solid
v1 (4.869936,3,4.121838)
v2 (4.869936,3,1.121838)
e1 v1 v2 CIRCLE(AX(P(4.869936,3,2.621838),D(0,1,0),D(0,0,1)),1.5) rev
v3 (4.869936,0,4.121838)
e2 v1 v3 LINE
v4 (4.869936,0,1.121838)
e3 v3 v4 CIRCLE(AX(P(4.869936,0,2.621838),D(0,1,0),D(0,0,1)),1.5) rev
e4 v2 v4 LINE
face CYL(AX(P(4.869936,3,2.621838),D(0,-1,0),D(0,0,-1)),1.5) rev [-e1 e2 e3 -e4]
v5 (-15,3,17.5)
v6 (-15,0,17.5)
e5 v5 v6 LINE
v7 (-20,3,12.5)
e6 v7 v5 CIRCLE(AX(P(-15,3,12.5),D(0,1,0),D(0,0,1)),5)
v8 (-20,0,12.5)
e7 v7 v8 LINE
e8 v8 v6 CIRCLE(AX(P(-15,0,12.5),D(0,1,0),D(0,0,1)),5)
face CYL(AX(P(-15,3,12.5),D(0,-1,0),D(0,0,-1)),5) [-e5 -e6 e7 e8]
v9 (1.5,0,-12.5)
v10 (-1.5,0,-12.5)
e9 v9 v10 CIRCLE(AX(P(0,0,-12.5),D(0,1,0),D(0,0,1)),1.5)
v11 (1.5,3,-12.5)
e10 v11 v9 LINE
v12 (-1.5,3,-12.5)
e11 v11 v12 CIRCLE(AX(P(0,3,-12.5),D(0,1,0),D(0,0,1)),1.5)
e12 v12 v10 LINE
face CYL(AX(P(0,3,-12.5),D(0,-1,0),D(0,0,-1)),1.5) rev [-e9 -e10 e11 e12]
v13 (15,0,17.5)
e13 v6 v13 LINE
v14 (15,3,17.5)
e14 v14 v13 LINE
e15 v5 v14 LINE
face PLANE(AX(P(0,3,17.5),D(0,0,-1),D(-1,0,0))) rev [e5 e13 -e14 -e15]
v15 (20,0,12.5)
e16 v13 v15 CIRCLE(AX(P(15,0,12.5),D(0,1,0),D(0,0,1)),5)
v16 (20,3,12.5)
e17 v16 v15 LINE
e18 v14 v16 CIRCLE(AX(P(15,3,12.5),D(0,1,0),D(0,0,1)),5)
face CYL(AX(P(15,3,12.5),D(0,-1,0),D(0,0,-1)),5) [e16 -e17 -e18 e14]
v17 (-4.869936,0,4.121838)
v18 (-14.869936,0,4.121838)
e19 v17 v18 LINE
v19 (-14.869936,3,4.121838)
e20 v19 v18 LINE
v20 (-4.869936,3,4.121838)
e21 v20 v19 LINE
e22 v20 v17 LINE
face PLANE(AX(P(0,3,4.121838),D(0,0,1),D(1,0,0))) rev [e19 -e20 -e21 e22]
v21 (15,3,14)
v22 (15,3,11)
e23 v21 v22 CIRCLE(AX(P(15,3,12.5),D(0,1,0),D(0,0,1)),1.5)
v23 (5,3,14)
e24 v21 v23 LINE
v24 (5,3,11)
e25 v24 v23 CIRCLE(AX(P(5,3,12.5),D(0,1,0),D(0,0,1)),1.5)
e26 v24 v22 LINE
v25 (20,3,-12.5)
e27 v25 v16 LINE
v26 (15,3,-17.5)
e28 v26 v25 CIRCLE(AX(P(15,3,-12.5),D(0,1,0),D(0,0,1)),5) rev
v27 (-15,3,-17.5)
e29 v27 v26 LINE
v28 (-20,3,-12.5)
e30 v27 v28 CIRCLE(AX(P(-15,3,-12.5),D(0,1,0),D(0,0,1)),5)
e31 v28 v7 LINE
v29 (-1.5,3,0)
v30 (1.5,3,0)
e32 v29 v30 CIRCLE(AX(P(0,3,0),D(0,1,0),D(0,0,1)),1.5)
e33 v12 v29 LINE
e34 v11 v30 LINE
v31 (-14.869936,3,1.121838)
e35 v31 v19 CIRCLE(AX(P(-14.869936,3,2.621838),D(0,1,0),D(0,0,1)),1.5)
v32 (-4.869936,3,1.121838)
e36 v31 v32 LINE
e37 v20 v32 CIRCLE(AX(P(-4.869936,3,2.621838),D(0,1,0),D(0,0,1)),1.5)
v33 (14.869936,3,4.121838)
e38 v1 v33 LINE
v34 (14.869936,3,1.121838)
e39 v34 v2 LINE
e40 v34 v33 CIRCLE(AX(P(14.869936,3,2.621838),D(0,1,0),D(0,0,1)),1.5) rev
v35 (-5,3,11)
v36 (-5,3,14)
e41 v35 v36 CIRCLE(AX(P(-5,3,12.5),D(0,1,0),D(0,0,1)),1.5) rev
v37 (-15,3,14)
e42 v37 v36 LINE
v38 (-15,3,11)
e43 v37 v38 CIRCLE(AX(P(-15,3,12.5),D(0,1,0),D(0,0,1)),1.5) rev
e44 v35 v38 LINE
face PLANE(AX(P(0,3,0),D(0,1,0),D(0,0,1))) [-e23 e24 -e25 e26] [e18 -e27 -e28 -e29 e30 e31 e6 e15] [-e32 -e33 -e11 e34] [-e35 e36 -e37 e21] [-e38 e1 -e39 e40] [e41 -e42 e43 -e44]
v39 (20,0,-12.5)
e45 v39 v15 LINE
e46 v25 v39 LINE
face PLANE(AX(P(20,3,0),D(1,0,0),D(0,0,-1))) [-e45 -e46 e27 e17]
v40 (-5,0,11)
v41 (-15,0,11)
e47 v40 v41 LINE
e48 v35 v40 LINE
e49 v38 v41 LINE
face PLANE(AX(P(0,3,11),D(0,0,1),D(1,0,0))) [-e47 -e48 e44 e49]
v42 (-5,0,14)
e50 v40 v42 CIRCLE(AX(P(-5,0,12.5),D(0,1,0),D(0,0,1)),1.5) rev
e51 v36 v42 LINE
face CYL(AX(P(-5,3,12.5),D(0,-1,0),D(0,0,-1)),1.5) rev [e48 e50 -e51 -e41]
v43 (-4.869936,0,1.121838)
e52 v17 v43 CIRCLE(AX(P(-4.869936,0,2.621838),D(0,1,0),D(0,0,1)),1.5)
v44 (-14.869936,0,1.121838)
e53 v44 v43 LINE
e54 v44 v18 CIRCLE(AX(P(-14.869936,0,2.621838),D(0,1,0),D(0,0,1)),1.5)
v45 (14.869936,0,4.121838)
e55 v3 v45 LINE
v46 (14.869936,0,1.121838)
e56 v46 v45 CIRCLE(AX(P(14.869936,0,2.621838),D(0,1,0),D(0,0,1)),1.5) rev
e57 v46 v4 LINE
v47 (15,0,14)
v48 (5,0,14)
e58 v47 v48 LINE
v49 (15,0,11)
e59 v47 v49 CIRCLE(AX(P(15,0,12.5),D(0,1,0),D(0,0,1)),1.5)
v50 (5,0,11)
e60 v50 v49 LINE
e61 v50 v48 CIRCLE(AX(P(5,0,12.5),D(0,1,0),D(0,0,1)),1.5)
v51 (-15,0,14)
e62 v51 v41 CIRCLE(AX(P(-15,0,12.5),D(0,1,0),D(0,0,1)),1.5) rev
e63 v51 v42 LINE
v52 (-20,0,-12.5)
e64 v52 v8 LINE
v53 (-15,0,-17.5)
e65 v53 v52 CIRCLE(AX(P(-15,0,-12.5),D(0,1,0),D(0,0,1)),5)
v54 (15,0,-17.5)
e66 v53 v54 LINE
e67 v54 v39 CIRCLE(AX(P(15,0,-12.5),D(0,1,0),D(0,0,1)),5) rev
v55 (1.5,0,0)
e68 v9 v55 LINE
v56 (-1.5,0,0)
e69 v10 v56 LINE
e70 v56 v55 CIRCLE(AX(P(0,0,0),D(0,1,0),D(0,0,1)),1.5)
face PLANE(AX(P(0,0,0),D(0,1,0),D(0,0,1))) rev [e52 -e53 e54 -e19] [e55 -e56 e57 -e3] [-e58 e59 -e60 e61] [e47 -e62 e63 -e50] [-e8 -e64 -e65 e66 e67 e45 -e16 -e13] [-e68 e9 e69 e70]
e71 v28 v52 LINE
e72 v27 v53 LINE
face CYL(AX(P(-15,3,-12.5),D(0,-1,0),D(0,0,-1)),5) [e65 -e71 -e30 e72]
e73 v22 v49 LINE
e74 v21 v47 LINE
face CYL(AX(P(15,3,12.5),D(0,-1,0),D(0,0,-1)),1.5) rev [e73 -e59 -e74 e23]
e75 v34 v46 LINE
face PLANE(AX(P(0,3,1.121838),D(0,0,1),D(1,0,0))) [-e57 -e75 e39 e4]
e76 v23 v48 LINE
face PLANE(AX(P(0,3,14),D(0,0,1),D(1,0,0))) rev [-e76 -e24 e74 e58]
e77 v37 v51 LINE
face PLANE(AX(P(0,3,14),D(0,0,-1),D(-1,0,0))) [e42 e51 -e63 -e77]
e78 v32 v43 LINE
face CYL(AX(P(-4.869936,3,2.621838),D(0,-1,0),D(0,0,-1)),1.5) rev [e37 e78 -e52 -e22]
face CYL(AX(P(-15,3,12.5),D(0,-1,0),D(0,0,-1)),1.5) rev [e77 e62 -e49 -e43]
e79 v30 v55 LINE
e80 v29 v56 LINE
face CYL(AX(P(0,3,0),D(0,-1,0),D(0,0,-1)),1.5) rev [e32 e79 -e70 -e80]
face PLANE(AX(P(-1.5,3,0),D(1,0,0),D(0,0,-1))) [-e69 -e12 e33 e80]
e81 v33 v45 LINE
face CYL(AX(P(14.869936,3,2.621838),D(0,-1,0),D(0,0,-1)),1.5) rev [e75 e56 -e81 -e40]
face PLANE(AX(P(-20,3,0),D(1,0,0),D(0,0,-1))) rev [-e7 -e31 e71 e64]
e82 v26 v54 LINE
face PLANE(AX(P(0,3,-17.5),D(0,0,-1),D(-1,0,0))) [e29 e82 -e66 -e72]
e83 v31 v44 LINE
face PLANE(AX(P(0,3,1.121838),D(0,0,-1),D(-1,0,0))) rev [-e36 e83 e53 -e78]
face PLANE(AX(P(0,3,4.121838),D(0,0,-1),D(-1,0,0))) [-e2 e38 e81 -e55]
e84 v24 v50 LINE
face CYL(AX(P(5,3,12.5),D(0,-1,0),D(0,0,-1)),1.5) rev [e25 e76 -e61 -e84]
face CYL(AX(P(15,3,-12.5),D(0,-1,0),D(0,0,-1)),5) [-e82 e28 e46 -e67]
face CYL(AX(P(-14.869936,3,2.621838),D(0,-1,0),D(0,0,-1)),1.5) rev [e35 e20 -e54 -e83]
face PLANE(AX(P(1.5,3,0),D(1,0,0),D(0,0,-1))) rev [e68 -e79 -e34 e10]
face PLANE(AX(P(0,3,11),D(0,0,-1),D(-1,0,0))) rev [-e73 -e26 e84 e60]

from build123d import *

# Parameters (mm, degrees)
EXTRUDE_1_DEPTH = 3


with BuildPart() as part:
    # 草图1 → 凸台-拉伸1 (new body)
    with BuildSketch(Plane(origin=(0, 0, 0), x_dir=(1, 0, 0), z_dir=(0, 1, 0))):
        with BuildLine():
            Line((-15, 17.5), (15, 17.5))
            ThreePointArc((15, 17.5), (18.535533906, 16.035533906), (20, 12.5))
            Line((20, 12.5), (20, -12.5))
            ThreePointArc((20, -12.5), (18.535533906, -16.035533906), (15, -17.5))
            Line((15, -17.5), (-15, -17.5))
            ThreePointArc((-15, -17.5), (-18.535533906, -16.035533906), (-20, -12.5))
            Line((-20, -12.5), (-20, 12.5))
            ThreePointArc((-20, 12.5), (-18.535533906, 16.035533906), (-15, 17.5))
        make_face()
        with BuildLine():
            Line((5, -11), (15, -11))
            ThreePointArc((15, -11), (16.5, -12.5), (15, -14))
            Line((15, -14), (5, -14))
            ThreePointArc((5, -14), (3.5, -12.5), (5, -11))
        make_face(mode=Mode.SUBTRACT)
        with BuildLine():
            Line((-15, -14), (-5, -14))
            ThreePointArc((-5, -14), (-3.5, -12.5), (-5, -11))
            Line((-5, -11), (-15, -11))
            ThreePointArc((-15, -11), (-16.5, -12.5), (-15, -14))
        make_face(mode=Mode.SUBTRACT)
        with BuildLine():
            Line((-14.869936395, -1.121838378), (-4.869936395, -1.121838378))
            ThreePointArc((-4.869936395, -1.121838378), (-3.369936395, -2.621838378), (-4.869936395, -4.121838378))
            Line((-4.869936395, -4.121838378), (-14.869936395, -4.121838378))
            ThreePointArc((-14.869936395, -4.121838378), (-16.369936395, -2.621838378), (-14.869936395, -1.121838378))
        make_face(mode=Mode.SUBTRACT)
        with BuildLine():
            Line((4.869936395, -4.121838378), (14.869936395, -4.121838378))
            ThreePointArc((14.869936395, -4.121838378), (16.369936395, -2.621838378), (14.869936395, -1.121838378))
            Line((14.869936395, -1.121838378), (4.869936395, -1.121838378))
            ThreePointArc((4.869936395, -1.121838378), (3.369936395, -2.621838378), (4.869936395, -4.121838378))
        make_face(mode=Mode.SUBTRACT)
        with BuildLine():
            Line((-1.5, 12.5), (-1.5, 0))
            ThreePointArc((-1.5, 0), (0, -1.5), (1.5, 0))
            Line((1.5, 0), (1.5, 12.5))
            ThreePointArc((1.5, 12.5), (0, 14), (-1.5, 12.5))
        make_face(mode=Mode.SUBTRACT)
    extrude(amount=EXTRUDE_1_DEPTH)


solid = part.part
